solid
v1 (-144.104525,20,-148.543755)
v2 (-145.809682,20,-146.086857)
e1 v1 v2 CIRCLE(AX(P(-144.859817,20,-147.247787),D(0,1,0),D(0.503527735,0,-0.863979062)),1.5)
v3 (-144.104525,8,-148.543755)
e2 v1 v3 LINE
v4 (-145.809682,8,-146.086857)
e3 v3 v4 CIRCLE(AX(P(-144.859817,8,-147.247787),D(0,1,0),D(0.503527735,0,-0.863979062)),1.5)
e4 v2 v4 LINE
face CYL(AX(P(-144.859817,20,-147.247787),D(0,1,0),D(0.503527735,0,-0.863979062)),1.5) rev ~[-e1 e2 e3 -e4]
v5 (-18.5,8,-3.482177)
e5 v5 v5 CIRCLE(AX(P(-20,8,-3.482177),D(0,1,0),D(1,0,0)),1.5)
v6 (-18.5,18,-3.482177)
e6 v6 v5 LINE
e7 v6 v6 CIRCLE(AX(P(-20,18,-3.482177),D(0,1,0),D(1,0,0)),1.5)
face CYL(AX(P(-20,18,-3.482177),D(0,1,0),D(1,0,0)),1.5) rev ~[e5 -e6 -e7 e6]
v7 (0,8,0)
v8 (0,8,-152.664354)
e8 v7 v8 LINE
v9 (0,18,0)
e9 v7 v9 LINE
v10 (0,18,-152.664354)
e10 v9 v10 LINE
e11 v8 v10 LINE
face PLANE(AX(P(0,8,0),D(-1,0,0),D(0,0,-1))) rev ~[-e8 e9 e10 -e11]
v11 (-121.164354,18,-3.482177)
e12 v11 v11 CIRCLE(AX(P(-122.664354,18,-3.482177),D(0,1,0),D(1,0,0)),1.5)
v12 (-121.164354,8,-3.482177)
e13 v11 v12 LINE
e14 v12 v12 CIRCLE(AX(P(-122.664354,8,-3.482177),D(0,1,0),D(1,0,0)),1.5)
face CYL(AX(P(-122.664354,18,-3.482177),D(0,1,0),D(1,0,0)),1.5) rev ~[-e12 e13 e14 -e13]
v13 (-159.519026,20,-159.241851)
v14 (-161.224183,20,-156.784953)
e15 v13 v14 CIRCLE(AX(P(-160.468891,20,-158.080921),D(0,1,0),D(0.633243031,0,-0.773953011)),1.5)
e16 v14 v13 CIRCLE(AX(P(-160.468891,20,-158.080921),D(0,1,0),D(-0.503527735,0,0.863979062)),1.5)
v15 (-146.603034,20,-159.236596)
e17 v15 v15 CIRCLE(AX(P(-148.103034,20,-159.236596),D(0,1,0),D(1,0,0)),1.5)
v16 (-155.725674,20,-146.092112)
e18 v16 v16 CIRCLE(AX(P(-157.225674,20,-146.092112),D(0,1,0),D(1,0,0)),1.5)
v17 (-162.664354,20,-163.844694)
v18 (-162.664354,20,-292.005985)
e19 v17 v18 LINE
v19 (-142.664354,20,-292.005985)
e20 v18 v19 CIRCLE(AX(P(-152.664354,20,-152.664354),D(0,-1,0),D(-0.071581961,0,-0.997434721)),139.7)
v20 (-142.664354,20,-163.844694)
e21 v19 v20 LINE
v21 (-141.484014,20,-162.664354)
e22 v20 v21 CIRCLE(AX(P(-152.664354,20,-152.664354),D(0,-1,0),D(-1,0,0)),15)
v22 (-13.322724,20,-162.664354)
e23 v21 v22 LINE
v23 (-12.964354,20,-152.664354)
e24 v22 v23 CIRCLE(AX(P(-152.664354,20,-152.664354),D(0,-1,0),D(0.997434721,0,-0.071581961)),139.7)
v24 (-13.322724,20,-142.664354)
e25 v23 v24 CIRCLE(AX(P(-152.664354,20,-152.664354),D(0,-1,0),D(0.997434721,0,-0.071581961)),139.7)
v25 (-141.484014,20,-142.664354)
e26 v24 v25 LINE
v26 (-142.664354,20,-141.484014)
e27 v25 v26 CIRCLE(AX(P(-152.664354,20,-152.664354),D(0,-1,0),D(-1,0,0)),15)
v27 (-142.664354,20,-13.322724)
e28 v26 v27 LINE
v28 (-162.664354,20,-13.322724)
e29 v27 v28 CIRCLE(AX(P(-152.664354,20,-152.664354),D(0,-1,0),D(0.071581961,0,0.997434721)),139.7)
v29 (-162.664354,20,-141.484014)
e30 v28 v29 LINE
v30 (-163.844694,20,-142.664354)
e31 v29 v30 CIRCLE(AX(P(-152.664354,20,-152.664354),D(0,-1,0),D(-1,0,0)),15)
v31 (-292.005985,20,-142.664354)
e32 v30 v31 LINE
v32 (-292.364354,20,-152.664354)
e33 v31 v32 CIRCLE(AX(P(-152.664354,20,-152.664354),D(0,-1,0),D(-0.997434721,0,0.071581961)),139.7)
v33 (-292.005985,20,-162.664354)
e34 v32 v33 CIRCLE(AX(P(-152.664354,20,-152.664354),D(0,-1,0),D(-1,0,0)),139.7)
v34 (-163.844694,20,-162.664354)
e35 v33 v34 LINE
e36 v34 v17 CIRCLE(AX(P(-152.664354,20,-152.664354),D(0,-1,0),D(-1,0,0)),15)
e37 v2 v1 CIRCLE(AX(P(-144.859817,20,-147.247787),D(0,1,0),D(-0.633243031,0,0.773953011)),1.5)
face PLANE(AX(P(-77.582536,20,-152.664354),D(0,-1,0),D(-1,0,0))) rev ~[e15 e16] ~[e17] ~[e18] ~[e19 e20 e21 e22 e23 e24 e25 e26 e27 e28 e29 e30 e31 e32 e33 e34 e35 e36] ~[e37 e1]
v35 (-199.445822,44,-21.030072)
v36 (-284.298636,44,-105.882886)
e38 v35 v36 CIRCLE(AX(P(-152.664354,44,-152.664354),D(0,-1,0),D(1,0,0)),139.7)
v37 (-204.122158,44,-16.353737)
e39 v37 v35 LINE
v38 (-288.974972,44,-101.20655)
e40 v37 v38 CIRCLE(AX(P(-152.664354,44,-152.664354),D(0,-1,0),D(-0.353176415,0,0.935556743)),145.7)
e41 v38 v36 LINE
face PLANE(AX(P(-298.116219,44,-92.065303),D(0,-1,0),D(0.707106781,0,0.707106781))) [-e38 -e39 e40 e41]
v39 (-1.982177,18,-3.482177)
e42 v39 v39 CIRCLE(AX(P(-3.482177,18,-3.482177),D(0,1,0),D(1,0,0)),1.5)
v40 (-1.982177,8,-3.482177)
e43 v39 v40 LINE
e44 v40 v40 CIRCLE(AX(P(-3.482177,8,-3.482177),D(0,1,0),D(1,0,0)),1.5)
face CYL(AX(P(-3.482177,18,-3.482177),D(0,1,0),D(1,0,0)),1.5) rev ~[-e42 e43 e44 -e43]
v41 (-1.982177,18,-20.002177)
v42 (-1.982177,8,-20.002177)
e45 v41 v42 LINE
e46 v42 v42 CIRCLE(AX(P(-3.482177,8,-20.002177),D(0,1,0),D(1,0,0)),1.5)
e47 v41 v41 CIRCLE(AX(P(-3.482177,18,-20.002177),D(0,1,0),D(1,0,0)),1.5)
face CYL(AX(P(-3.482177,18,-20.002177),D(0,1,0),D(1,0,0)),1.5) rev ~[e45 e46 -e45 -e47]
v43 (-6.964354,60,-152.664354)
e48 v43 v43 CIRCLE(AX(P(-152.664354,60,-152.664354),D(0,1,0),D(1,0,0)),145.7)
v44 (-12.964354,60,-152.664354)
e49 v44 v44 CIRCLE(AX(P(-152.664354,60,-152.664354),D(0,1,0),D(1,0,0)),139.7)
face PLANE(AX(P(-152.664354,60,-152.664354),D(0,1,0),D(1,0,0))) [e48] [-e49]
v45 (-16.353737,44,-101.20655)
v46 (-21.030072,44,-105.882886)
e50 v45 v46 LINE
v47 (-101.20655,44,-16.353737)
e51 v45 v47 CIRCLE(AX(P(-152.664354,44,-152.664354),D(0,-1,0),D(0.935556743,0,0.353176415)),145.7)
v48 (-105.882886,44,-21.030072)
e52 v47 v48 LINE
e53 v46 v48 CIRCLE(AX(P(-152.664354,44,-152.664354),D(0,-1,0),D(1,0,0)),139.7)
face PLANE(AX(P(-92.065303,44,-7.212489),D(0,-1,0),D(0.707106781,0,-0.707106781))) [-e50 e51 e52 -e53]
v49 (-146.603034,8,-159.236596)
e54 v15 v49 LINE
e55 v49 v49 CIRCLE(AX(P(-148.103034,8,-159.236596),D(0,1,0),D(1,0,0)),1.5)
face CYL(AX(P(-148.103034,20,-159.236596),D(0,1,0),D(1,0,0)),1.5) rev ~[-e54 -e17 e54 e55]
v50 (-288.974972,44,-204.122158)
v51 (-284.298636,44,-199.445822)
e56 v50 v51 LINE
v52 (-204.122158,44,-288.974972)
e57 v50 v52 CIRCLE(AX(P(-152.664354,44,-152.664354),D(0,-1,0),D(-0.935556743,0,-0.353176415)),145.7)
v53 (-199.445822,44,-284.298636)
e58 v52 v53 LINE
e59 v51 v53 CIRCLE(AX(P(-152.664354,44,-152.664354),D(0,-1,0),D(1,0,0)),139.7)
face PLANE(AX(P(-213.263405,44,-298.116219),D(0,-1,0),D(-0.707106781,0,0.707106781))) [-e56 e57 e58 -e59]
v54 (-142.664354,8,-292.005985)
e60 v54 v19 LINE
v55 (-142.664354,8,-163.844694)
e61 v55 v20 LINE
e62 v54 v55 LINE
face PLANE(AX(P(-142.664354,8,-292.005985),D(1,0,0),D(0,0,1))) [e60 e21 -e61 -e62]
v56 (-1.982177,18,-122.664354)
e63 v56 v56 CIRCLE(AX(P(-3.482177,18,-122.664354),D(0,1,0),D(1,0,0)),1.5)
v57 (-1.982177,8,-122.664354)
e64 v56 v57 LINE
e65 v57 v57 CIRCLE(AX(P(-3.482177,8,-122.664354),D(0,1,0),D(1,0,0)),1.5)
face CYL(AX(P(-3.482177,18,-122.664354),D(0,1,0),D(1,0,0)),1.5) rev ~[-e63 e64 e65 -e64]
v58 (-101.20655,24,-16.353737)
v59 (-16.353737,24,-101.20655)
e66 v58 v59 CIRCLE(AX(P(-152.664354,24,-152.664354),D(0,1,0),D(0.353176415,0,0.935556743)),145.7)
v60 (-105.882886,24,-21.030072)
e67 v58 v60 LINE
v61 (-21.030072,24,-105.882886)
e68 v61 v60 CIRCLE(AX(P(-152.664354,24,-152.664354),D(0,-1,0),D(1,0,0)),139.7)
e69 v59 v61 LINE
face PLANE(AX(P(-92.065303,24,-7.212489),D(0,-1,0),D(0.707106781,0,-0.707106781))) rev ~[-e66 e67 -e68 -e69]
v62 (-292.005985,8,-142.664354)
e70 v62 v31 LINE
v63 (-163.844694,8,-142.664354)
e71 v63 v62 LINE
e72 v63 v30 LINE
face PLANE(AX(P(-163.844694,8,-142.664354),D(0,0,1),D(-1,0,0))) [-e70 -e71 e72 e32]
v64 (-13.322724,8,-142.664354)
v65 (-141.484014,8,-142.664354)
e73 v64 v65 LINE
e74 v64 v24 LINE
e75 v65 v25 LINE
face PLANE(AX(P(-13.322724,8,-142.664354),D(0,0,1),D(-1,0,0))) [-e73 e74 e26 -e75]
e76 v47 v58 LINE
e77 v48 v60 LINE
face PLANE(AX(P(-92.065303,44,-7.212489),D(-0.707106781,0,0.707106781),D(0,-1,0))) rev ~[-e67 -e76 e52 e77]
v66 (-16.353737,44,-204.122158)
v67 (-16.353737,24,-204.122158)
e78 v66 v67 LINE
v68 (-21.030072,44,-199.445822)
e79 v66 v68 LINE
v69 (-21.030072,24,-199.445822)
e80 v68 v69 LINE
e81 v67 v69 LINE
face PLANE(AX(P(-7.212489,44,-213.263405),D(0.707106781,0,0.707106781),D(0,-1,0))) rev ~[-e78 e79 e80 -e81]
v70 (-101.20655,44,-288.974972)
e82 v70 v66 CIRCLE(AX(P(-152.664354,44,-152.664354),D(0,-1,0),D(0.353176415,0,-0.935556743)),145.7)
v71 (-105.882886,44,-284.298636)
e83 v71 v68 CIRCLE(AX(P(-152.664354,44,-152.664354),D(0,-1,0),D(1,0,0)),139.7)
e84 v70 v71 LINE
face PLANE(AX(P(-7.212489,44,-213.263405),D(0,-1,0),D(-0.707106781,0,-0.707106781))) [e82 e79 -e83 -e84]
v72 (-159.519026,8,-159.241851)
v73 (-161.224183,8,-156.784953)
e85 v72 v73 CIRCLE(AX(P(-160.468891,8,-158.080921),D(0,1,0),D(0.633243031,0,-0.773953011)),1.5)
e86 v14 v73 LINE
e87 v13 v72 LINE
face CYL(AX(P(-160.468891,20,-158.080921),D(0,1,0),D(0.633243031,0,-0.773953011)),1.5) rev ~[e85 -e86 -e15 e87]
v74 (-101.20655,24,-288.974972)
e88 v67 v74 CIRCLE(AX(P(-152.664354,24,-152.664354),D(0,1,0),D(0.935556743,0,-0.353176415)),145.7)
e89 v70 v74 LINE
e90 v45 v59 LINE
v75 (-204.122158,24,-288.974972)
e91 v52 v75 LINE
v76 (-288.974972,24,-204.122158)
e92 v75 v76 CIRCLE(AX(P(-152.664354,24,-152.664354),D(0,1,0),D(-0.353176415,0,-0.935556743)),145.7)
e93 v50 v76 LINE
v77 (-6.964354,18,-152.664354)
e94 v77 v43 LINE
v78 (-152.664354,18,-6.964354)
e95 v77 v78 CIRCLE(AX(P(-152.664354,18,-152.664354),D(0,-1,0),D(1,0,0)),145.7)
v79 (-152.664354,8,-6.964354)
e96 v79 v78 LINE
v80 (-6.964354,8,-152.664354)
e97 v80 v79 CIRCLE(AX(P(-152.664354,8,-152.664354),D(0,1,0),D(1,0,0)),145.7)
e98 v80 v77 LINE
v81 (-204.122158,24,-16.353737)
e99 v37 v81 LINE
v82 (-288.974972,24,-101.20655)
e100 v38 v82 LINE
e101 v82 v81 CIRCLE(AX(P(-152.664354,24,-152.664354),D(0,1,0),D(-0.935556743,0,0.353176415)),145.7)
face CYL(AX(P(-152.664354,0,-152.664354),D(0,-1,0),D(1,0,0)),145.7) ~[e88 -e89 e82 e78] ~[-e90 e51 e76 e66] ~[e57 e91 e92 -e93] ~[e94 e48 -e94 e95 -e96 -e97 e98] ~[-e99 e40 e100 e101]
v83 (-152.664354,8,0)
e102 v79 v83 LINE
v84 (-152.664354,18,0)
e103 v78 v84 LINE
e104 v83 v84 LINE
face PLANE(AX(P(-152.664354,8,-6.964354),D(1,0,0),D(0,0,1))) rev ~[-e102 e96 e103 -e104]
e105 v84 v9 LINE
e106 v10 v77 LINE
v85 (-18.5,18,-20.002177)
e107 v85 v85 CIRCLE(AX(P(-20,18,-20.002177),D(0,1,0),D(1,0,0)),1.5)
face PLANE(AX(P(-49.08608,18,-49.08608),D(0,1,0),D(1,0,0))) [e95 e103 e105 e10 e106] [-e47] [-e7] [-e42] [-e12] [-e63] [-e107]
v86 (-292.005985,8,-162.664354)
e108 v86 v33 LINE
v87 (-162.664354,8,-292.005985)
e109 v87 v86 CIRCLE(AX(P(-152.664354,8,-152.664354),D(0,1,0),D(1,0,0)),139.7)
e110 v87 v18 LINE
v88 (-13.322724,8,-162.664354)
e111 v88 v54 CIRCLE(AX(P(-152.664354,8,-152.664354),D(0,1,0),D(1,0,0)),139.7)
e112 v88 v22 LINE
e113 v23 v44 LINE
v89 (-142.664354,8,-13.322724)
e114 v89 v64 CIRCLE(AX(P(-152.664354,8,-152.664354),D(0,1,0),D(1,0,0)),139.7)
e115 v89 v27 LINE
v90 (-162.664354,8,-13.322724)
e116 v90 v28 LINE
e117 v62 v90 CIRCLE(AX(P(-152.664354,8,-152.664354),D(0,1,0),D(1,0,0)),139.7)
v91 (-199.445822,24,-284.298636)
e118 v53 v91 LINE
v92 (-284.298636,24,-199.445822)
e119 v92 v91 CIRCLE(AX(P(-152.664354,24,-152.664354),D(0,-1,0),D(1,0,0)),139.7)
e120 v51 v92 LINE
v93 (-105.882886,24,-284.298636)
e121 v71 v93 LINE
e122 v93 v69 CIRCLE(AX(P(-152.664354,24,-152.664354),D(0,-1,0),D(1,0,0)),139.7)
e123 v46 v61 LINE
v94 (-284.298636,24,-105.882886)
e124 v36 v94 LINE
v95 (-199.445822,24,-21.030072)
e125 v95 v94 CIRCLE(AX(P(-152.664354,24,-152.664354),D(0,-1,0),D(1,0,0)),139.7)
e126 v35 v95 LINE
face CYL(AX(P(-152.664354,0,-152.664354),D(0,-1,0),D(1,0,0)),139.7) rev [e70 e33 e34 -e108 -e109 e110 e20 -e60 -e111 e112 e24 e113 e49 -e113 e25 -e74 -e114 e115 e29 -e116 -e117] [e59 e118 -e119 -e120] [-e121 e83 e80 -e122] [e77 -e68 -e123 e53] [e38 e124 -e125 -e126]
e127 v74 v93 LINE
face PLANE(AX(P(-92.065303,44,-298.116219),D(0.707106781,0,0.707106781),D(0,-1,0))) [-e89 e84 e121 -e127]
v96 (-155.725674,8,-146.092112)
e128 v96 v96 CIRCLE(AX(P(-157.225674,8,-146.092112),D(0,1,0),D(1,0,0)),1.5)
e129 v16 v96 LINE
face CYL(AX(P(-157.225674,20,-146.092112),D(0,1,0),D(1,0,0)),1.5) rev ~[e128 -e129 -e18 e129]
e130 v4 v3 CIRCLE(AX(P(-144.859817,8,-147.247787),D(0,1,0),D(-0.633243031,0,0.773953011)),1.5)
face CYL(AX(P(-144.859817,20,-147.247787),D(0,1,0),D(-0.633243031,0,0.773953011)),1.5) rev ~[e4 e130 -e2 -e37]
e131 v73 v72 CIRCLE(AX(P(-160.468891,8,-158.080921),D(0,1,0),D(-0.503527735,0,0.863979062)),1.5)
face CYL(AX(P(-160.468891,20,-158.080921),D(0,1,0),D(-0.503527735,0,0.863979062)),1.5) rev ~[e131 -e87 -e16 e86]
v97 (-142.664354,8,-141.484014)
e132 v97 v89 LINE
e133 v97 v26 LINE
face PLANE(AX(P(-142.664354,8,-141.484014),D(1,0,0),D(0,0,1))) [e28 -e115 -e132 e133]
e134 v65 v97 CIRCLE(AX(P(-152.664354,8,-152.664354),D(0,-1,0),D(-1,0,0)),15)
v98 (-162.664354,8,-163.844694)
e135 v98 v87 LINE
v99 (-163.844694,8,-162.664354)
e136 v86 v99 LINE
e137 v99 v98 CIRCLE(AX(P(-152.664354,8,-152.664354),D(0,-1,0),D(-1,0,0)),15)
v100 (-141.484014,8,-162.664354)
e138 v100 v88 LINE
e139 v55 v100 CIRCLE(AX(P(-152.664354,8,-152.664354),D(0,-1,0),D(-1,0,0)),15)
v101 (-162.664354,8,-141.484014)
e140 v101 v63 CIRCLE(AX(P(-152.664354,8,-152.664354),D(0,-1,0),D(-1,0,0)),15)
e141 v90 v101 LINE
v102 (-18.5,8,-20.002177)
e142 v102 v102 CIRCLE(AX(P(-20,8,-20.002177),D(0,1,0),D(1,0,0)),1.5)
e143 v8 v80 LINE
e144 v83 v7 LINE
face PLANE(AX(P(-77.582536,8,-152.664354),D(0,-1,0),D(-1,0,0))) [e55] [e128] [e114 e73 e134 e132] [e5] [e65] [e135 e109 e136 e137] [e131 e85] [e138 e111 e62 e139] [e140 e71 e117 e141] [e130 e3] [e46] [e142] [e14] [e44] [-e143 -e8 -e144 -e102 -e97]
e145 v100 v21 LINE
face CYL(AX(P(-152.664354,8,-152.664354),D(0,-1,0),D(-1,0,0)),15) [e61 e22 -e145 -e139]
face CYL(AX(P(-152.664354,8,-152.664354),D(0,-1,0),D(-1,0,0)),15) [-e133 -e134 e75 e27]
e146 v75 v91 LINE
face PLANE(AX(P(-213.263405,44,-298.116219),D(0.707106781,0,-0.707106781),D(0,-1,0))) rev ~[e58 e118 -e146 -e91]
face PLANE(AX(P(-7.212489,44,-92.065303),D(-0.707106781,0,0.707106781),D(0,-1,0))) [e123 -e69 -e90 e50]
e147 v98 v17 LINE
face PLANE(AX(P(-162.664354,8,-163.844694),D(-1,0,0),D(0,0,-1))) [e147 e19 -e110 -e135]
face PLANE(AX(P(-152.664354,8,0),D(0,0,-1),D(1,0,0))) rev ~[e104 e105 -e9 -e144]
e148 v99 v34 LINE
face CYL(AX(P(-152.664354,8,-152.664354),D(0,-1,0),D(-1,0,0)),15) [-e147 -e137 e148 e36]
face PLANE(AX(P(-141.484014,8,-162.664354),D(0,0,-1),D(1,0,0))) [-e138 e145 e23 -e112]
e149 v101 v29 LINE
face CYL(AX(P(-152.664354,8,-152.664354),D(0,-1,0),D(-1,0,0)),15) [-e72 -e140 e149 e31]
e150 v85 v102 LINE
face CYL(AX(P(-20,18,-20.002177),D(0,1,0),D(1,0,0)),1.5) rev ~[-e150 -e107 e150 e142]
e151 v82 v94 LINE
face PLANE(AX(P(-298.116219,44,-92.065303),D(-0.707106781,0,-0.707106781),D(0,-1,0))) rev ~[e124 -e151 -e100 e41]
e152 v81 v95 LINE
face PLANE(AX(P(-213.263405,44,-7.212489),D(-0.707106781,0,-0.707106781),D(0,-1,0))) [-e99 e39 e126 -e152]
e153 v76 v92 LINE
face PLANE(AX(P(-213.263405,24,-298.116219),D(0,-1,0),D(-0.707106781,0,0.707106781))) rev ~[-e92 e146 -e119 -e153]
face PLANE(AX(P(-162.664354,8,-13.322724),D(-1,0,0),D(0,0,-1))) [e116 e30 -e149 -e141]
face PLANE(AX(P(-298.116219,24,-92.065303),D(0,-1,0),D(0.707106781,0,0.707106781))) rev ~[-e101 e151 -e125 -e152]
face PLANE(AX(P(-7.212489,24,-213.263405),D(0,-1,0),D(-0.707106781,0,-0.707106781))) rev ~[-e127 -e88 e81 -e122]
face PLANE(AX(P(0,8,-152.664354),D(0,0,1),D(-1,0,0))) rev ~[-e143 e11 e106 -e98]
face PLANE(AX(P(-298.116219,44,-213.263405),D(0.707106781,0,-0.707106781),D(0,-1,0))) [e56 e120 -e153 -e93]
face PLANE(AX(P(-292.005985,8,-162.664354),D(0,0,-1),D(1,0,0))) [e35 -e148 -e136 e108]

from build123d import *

# Parameters (mm, degrees)
SKETCH1_R           = 145.7
SKETCH1_R_2         = 139.7
BOSS_EXTRUDE1_DEPTH = 60
SKETCH2_R           = 15
BOSS_EXTRUDE2_DEPTH = 12
BOSS_EXTRUDE3_DEPTH = 10
SKETCH4_R           = 1.5
CUT_EXTRUDE1_DEPTH  = 62
SKETCH1_2_R         = 145.7
SKETCH1_2_R_2       = 139.7
CUT_EXTRUDE2_DEPTH  = 8
SKETCH5_W           = 20
SKETCH5_H           = 120
CUT_EXTRUDE3_DEPTH  = 55
CIRPATTERN1_COUNT   = 4
SKETCH6_R           = 1.5
CUT_EXTRUDE4_DEPTH  = 37


with BuildPart() as part:
    # Sketch1 → Boss-Extrude1 (new body)
    with BuildSketch(Plane(origin=(0, 0, 0), x_dir=(1, 0, 0), z_dir=(0, 1, 0))):
        with Locations((-152.664354058, 152.664354058)):
            Circle(SKETCH1_R)
        with Locations((-152.664354058, 152.664354058)):
            Circle(SKETCH1_R_2, mode=Mode.SUBTRACT)
    extrude(amount=BOSS_EXTRUDE1_DEPTH)

    # Sketch2 → Boss-Extrude2 (add)
    with BuildSketch(Plane(origin=(0, 8, 0), x_dir=(-1, 0, 0), z_dir=(0, -1, 0))):
        with BuildLine():
            ThreePointArc((13.322723524, 162.664354058), (12.964354058, 152.664354058), (13.322723524, 142.664354058))
            Line((13.322723524, 142.664354058), (137.664354058, 142.664354058))
            Line((137.664354058, 142.664354058), (141.484014171, 142.664354058))
            ThreePointArc((141.484014171, 142.664354058), (137.664354058, 152.664354058), (141.484014171, 162.664354058))
            Line((141.484014171, 162.664354058), (137.664354058, 162.664354058))
            Line((137.664354058, 162.664354058), (13.322723524, 162.664354058))
        make_face()
        with BuildLine():
            ThreePointArc((162.664354058, 292.005984593), (152.664354058, 292.364354058), (142.664354058, 292.005984593))
            Line((142.664354058, 292.005984593), (142.664354058, 167.664354058))
            Line((142.664354058, 167.664354058), (142.664354058, 163.844693946))
            ThreePointArc((142.664354058, 163.844693946), (152.664354058, 167.664354058), (162.664354058, 163.844693946))
            Line((162.664354058, 163.844693946), (162.664354058, 167.664354058))
            Line((162.664354058, 167.664354058), (162.664354058, 292.005984593))
        make_face()
        with BuildLine():
            Line((167.664354058, 142.664354058), (292.005984593, 142.664354058))
            ThreePointArc((292.005984593, 142.664354058), (292.274732945, 147.661144372), (292.364354058, 152.664354058))
            ThreePointArc((292.364354058, 152.664354058), (292.274732945, 157.667563745), (292.005984593, 162.664354058))
            Line((292.005984593, 162.664354058), (167.664354058, 162.664354058))
            Line((167.664354058, 162.664354058), (163.844693946, 162.664354058))
            ThreePointArc((163.844693946, 162.664354058), (166.676939443, 158.016685405), (167.664354058, 152.664354058))
            ThreePointArc((167.664354058, 152.664354058), (166.676939443, 147.312022712), (163.844693946, 142.664354058))
            Line((163.844693946, 142.664354058), (167.664354058, 142.664354058))
        make_face()
        with BuildLine():
            Line((142.664354058, 141.484014171), (142.664354058, 137.664354058))
            Line((142.664354058, 137.664354058), (142.664354058, 13.322723524))
            ThreePointArc((142.664354058, 13.322723524), (152.664354058, 12.964354058), (162.664354058, 13.322723524))
            Line((162.664354058, 13.322723524), (162.664354058, 137.664354058))
            Line((162.664354058, 137.664354058), (162.664354058, 141.484014171))
            ThreePointArc((162.664354058, 141.484014171), (152.664354058, 137.664354058), (142.664354058, 141.484014171))
        make_face()
        with Locations((152.664354058, 152.664354058)):
            Circle(SKETCH2_R)
    extrude(amount=-BOSS_EXTRUDE2_DEPTH)

    # Sketch3 → Boss-Extrude3 (add)
    with BuildSketch(Plane(origin=(0, 8, 0), x_dir=(-1, 0, 0), z_dir=(0, -1, 0))):
        with BuildLine():
            Line((152.664354058, 6.964354058), (152.664354058, 0))
            Line((152.664354058, 0), (0, 0))
            Line((0, 0), (0, 152.664354058))
            Line((0, 152.664354058), (6.964354058, 152.664354058))
            ThreePointArc((6.964354058, 152.664354058), (49.638896039, 49.638896039), (152.664354058, 6.964354058))
        make_face()
    extrude(amount=-BOSS_EXTRUDE3_DEPTH)

    # Sketch4 → Cut-Extrude1 (cut)
    with BuildSketch(Plane(origin=(0, 18, 0), x_dir=(1, 0, 0), z_dir=(0, 1, 0))):
        with Locations((-122.664354058, 3.482177029)):
            Circle(SKETCH4_R)
        with Locations((-20, 3.482177029)):
            Circle(SKETCH4_R)
        with Locations((-20, 20.002177029)):
            Circle(SKETCH4_R)
        with Locations((-3.482177029, 20.002177029)):
            Circle(SKETCH4_R)
        with Locations((-3.482177029, 3.482177029)):
            Circle(SKETCH4_R)
        with Locations((-3.482177029, 122.664354058)):
            Circle(SKETCH4_R)
    extrude(amount=-CUT_EXTRUDE1_DEPTH, mode=Mode.SUBTRACT)

    # Sketch1<2> → Cut-Extrude2 (cut)
    with BuildSketch(Plane(origin=(0, 0, 0), x_dir=(1, 0, 0), z_dir=(0, 1, 0))):
        with Locations((-152.664354058, 152.664354058)):
            Circle(SKETCH1_2_R)
        with Locations((-152.664354058, 152.664354058)):
            Circle(SKETCH1_2_R_2, mode=Mode.SUBTRACT)
    extrude(amount=CUT_EXTRUDE2_DEPTH, mode=Mode.SUBTRACT)

    # Sketch5 → Cut-Extrude3 (cut)
    with BuildSketch(Plane(origin=(-255.689812077, 0, -255.689812077), x_dir=(0, -1, 0), z_dir=(-0.707106781, 0, -0.707106781))):
        with Locations((-34, 0)):
            Rectangle(SKETCH5_W, SKETCH5_H)
    cut_extrude3 = extrude(amount=-CUT_EXTRUDE3_DEPTH, mode=Mode.SUBTRACT)

    # CirPattern1: Cut-Extrude3 ×4 about axis
    cirpattern1_axis = Axis((-152.664354058, 0, -152.664354058), (0, 1, 0))
    for i in range(1, CIRPATTERN1_COUNT):
        add(cut_extrude3.rotate(cirpattern1_axis, i * 360 / CIRPATTERN1_COUNT), mode=Mode.SUBTRACT)

    # Sketch6 → Cut-Extrude4 (cut)
    with BuildSketch(Plane(origin=(0, 20, 0), x_dir=(1, 0, 0), z_dir=(0, 1, 0))):
        with BuildLine():
            ThreePointArc((-144.104525473, 148.543755244), (-146.092112388, 148.103034136), (-145.809681622, 146.086857134))
            ThreePointArc((-145.809681622, 146.086857134), (-143.627521762, 146.392539165), (-144.104525473, 148.543755244))
        make_face()
        with Locations((-157.22567398, 146.092112388)):
            Circle(SKETCH6_R)
        with Locations((-148.103034136, 159.236595728)):
            Circle(SKETCH6_R)
        with BuildLine():
            ThreePointArc((-159.519026494, 159.241850983), (-161.701186354, 158.936168951), (-161.224182644, 156.784952872))
            ThreePointArc((-161.224182644, 156.784952872), (-159.236595728, 157.22567398), (-159.519026494, 159.241850983))
        make_face()
    extrude(amount=-CUT_EXTRUDE4_DEPTH, mode=Mode.SUBTRACT)


solid = part.part
